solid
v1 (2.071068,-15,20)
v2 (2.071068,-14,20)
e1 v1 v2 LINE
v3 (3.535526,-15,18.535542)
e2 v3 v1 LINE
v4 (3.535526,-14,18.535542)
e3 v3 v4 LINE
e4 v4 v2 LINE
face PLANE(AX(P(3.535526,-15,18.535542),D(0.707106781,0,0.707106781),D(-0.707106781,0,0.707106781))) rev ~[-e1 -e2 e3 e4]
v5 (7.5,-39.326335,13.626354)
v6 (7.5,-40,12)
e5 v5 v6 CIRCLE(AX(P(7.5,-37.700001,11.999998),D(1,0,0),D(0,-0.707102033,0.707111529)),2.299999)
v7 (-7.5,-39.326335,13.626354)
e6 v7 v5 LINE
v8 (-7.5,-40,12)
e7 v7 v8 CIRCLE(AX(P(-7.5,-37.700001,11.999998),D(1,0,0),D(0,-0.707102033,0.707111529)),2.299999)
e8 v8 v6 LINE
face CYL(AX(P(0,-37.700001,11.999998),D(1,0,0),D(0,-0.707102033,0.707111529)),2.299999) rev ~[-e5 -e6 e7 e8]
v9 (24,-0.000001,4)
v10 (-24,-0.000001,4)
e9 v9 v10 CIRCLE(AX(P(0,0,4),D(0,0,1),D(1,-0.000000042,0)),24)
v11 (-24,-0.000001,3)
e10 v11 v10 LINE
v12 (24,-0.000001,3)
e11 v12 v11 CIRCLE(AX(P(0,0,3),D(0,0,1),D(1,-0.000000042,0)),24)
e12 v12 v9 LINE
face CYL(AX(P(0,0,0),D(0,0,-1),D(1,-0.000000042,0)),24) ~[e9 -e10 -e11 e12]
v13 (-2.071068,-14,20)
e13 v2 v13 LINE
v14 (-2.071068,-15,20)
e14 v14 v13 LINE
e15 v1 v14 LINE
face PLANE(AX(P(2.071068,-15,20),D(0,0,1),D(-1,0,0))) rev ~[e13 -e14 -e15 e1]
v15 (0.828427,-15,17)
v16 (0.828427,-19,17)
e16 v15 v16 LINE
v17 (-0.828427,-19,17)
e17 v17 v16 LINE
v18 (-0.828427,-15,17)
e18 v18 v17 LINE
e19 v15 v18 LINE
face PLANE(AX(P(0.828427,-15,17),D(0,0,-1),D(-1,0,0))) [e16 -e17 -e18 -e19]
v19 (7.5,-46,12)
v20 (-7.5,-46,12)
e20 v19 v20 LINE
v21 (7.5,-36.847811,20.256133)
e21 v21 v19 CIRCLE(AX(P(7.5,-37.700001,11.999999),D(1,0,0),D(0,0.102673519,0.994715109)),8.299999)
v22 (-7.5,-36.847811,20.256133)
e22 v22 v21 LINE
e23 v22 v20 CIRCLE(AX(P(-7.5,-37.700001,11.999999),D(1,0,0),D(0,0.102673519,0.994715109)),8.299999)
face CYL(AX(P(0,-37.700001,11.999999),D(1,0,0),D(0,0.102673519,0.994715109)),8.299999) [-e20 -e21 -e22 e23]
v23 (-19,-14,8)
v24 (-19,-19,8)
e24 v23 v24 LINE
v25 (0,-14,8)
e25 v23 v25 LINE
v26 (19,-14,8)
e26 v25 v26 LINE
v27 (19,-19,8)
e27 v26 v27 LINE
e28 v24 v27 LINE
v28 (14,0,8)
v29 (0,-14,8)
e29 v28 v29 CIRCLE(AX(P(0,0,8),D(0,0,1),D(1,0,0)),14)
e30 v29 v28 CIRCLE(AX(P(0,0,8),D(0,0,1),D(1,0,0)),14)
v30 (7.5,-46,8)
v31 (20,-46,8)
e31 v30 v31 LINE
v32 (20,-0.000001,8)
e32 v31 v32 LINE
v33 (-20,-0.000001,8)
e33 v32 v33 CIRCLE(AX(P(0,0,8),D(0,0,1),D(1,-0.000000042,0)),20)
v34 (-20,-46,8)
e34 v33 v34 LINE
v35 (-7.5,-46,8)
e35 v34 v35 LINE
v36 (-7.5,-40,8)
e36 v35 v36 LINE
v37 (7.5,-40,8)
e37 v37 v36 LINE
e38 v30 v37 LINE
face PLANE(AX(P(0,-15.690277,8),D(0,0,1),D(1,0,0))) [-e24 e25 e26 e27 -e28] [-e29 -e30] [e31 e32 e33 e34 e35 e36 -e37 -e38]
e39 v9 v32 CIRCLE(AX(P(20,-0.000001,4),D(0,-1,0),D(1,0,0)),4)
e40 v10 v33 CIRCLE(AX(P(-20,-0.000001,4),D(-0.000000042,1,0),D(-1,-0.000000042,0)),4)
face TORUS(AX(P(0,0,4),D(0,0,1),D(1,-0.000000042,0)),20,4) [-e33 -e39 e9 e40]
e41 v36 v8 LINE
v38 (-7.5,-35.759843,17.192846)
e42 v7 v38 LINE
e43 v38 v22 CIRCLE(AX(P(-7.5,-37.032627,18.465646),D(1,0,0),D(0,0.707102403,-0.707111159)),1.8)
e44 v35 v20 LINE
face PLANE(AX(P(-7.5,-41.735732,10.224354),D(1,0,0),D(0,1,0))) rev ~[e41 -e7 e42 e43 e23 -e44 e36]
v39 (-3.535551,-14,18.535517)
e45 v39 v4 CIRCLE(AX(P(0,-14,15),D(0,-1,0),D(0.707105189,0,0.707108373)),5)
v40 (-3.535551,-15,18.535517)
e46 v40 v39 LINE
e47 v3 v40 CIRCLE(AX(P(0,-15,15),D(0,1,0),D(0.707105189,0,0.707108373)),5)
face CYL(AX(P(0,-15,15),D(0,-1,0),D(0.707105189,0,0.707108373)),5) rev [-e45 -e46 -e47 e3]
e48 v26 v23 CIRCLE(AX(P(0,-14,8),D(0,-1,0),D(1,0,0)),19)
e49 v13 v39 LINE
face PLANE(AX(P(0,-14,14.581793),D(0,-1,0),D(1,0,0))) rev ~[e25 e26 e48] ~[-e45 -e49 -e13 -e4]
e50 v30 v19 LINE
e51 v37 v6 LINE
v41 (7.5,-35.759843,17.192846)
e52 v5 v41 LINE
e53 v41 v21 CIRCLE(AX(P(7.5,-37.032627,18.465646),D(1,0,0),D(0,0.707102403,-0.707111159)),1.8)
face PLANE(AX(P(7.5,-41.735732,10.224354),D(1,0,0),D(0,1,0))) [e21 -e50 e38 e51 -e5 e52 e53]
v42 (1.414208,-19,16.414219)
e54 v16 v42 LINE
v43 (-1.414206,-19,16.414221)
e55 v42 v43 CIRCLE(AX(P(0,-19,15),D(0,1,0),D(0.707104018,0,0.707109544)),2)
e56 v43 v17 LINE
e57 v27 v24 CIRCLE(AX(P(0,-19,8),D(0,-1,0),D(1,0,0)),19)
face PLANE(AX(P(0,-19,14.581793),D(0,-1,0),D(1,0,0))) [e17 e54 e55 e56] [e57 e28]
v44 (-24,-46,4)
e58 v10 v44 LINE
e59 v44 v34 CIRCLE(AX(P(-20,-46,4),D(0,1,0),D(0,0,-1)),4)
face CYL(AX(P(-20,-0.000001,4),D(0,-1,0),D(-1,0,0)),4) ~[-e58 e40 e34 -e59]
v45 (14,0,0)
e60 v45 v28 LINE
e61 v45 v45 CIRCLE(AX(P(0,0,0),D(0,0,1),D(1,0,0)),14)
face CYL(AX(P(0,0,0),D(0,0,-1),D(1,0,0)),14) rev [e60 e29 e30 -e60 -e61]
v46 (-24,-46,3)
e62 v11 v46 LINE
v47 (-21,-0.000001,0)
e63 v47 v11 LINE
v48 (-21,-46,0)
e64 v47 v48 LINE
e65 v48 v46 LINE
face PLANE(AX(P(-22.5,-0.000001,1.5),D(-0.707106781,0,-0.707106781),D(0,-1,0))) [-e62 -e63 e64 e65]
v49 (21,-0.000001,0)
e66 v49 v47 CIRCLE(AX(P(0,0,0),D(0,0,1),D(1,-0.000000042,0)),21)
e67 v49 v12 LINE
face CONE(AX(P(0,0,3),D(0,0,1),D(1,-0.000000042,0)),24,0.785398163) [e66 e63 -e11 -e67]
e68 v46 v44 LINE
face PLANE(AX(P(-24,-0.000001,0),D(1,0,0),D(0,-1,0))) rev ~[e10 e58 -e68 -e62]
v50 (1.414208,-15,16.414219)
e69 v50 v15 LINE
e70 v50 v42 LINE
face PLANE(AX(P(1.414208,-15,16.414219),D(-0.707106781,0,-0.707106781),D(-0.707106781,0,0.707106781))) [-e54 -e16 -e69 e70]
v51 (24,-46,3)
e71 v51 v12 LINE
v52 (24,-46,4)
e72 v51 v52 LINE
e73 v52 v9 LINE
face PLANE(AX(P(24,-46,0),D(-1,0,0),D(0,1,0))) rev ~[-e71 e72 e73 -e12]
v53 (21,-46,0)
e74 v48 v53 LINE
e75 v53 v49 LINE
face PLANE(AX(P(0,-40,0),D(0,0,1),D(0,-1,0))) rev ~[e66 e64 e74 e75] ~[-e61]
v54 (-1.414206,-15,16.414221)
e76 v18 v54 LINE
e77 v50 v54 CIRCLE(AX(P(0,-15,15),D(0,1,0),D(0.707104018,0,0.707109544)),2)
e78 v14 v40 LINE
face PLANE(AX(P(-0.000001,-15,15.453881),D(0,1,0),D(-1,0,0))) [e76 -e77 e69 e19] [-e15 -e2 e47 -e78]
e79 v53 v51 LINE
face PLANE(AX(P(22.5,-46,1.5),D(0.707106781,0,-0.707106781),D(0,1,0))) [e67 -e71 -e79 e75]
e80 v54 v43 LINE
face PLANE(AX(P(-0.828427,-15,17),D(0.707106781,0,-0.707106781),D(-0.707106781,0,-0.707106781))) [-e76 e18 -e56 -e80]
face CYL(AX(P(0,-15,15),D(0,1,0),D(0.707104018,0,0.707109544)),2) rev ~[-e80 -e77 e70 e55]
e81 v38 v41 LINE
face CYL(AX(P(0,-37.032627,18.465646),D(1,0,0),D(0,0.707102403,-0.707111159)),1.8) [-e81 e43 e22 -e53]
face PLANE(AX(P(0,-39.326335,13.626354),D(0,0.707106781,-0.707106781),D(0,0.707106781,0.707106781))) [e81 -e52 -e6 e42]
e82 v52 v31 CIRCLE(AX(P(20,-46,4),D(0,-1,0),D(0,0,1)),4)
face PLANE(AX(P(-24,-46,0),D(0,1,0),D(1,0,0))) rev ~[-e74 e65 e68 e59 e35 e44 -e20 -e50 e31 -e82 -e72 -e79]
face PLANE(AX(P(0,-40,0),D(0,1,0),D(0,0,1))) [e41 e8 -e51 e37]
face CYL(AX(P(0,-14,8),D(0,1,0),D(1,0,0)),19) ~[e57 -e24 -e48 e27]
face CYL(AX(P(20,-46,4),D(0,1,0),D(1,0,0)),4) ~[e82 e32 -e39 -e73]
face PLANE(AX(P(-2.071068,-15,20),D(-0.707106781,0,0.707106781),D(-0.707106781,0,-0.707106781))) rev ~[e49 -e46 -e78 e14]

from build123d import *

# Parameters (mm, degrees)
PAD004_DEPTH          = 7.5
PAD003_DEPTH          = 10
PAD002_DEPTH          = 20
CLONE_ROLL_ANGLE      = 90
CLONE_PLACEMENT_ANGLE = 180
SKETCH_R              = 14
PAD_DEPTH             = 8
FILLET_R              = 4
CHAMFER_SIZE          = 3
PAD001_DEPTH          = 5


with BuildPart() as hookpad001:
    # Sketch004 → Pad004 (new body, symmetric)
    with BuildSketch(Plane.YZ):
        with BuildLine():
            Line((-40, 0), (-40, 12))
            ThreePointArc((-39.326335, 13.626354), (-39.82492, 12.880177), (-40, 12))
            Line((-39.326335, 13.626354), (-35.759843, 17.192846))
            ThreePointArc((-35.759843, 17.192846), (-35.336431, 19.068073), (-36.847811, 20.256133))
            ThreePointArc((-36.847811, 20.256133), (-43.259533, 18.162919), (-46, 12))
            Line((-46, 0), (-46, 12))
            Line((-40, 0), (-46, 0))
        make_face()
    extrude(amount=PAD004_DEPTH, both=True)


with BuildPart() as printbolthead001:
    # Sketch003 → Pad003 (new body)
    with BuildSketch(Plane.XY):
        with BuildLine():
            ThreePointArc((-3.535526, 3.535542), (-1.8e-05, -5), (3.535551, 3.535517))
            Line((2.071068, 5), (3.535551, 3.535517))
            Line((-2.071068, 5), (2.071068, 5))
            Line((-3.535526, 3.535542), (-2.071068, 5))
        make_face()
    extrude(amount=PAD003_DEPTH)


with BuildPart() as clone_of_printboltslot:
    # Sketch002 → Pad002 (new body)
    with BuildSketch(Plane.XY):
        with BuildLine():
            ThreePointArc((-1.414208, 1.414219), (1e-06, -2), (1.414206, 1.414221))
            Line((0.828427, 2), (1.414206, 1.414221))
            Line((-0.828427, 2), (0.828427, 2))
            Line((-1.414208, 1.414219), (-0.828427, 2))
        make_face()
    extrude(amount=-PAD002_DEPTH)

    # Fusion001: union PrintBoltHead001
    add(printbolthead001.part)


with BuildPart() as clone_of_printboltslot_1:
    # Clone roll: moved
    add(clone_of_printboltslot.part.rotate(Axis((0, 0, 0), (1, 0, 0)), CLONE_ROLL_ANGLE))


with BuildPart() as clone_of_printboltslot_2:
    # Clone placement: moved
    add(clone_of_printboltslot_1.part.moved(Location((0, -15, 15))).rotate(Axis((0, -15, 15), (0, 0, 1)), CLONE_PLACEMENT_ANGLE))


with BuildPart() as mainchamfer:
    # Sketch → Pad (new body)
    with BuildSketch(Plane.XY):
        with BuildLine():
            Line((-24, -1e-06), (-24, -46))
            Line((-24, -46), (24, -46))
            Line((24, -46), (24, -1e-06))
            ThreePointArc((24, -1e-06), (0, 24), (-24, -1e-06))
        make_face()
        Circle(SKETCH_R, mode=Mode.SUBTRACT)
    extrude(amount=PAD_DEPTH)

    # Fillet
    fillet_edges = [mainchamfer.edges().sort_by_distance(p)[0] for p in [
        (24, -23, 8),
    ]]
    fillet(fillet_edges, radius=FILLET_R)

    # Chamfer
    chamfer_edges = [mainchamfer.edges().sort_by_distance(p)[0] for p in [
        (24, -23, 0),
    ]]
    chamfer(chamfer_edges, length=CHAMFER_SIZE)


with BuildPart() as hook:
    # Sketch001 → Pad001 (new body)
    with BuildSketch(Plane(origin=(0, -14, 8), x_dir=(1, 0, 0), z_dir=(0, -1, 0))):
        with BuildLine():
            ThreePointArc((19, 0), (0, 19), (-19, 0))
            Line((-19, 0), (19, 0))
        make_face()
    extrude(amount=PAD001_DEPTH)

    # Fusion: union MainChamfer
    add(mainchamfer.part)

    # Cut: cut Clone of PrintBoltSlot
    add(clone_of_printboltslot_2.part, mode=Mode.SUBTRACT)

    # Fusion002: union HookPad001
    add(hookpad001.part)


solid = hook.part
